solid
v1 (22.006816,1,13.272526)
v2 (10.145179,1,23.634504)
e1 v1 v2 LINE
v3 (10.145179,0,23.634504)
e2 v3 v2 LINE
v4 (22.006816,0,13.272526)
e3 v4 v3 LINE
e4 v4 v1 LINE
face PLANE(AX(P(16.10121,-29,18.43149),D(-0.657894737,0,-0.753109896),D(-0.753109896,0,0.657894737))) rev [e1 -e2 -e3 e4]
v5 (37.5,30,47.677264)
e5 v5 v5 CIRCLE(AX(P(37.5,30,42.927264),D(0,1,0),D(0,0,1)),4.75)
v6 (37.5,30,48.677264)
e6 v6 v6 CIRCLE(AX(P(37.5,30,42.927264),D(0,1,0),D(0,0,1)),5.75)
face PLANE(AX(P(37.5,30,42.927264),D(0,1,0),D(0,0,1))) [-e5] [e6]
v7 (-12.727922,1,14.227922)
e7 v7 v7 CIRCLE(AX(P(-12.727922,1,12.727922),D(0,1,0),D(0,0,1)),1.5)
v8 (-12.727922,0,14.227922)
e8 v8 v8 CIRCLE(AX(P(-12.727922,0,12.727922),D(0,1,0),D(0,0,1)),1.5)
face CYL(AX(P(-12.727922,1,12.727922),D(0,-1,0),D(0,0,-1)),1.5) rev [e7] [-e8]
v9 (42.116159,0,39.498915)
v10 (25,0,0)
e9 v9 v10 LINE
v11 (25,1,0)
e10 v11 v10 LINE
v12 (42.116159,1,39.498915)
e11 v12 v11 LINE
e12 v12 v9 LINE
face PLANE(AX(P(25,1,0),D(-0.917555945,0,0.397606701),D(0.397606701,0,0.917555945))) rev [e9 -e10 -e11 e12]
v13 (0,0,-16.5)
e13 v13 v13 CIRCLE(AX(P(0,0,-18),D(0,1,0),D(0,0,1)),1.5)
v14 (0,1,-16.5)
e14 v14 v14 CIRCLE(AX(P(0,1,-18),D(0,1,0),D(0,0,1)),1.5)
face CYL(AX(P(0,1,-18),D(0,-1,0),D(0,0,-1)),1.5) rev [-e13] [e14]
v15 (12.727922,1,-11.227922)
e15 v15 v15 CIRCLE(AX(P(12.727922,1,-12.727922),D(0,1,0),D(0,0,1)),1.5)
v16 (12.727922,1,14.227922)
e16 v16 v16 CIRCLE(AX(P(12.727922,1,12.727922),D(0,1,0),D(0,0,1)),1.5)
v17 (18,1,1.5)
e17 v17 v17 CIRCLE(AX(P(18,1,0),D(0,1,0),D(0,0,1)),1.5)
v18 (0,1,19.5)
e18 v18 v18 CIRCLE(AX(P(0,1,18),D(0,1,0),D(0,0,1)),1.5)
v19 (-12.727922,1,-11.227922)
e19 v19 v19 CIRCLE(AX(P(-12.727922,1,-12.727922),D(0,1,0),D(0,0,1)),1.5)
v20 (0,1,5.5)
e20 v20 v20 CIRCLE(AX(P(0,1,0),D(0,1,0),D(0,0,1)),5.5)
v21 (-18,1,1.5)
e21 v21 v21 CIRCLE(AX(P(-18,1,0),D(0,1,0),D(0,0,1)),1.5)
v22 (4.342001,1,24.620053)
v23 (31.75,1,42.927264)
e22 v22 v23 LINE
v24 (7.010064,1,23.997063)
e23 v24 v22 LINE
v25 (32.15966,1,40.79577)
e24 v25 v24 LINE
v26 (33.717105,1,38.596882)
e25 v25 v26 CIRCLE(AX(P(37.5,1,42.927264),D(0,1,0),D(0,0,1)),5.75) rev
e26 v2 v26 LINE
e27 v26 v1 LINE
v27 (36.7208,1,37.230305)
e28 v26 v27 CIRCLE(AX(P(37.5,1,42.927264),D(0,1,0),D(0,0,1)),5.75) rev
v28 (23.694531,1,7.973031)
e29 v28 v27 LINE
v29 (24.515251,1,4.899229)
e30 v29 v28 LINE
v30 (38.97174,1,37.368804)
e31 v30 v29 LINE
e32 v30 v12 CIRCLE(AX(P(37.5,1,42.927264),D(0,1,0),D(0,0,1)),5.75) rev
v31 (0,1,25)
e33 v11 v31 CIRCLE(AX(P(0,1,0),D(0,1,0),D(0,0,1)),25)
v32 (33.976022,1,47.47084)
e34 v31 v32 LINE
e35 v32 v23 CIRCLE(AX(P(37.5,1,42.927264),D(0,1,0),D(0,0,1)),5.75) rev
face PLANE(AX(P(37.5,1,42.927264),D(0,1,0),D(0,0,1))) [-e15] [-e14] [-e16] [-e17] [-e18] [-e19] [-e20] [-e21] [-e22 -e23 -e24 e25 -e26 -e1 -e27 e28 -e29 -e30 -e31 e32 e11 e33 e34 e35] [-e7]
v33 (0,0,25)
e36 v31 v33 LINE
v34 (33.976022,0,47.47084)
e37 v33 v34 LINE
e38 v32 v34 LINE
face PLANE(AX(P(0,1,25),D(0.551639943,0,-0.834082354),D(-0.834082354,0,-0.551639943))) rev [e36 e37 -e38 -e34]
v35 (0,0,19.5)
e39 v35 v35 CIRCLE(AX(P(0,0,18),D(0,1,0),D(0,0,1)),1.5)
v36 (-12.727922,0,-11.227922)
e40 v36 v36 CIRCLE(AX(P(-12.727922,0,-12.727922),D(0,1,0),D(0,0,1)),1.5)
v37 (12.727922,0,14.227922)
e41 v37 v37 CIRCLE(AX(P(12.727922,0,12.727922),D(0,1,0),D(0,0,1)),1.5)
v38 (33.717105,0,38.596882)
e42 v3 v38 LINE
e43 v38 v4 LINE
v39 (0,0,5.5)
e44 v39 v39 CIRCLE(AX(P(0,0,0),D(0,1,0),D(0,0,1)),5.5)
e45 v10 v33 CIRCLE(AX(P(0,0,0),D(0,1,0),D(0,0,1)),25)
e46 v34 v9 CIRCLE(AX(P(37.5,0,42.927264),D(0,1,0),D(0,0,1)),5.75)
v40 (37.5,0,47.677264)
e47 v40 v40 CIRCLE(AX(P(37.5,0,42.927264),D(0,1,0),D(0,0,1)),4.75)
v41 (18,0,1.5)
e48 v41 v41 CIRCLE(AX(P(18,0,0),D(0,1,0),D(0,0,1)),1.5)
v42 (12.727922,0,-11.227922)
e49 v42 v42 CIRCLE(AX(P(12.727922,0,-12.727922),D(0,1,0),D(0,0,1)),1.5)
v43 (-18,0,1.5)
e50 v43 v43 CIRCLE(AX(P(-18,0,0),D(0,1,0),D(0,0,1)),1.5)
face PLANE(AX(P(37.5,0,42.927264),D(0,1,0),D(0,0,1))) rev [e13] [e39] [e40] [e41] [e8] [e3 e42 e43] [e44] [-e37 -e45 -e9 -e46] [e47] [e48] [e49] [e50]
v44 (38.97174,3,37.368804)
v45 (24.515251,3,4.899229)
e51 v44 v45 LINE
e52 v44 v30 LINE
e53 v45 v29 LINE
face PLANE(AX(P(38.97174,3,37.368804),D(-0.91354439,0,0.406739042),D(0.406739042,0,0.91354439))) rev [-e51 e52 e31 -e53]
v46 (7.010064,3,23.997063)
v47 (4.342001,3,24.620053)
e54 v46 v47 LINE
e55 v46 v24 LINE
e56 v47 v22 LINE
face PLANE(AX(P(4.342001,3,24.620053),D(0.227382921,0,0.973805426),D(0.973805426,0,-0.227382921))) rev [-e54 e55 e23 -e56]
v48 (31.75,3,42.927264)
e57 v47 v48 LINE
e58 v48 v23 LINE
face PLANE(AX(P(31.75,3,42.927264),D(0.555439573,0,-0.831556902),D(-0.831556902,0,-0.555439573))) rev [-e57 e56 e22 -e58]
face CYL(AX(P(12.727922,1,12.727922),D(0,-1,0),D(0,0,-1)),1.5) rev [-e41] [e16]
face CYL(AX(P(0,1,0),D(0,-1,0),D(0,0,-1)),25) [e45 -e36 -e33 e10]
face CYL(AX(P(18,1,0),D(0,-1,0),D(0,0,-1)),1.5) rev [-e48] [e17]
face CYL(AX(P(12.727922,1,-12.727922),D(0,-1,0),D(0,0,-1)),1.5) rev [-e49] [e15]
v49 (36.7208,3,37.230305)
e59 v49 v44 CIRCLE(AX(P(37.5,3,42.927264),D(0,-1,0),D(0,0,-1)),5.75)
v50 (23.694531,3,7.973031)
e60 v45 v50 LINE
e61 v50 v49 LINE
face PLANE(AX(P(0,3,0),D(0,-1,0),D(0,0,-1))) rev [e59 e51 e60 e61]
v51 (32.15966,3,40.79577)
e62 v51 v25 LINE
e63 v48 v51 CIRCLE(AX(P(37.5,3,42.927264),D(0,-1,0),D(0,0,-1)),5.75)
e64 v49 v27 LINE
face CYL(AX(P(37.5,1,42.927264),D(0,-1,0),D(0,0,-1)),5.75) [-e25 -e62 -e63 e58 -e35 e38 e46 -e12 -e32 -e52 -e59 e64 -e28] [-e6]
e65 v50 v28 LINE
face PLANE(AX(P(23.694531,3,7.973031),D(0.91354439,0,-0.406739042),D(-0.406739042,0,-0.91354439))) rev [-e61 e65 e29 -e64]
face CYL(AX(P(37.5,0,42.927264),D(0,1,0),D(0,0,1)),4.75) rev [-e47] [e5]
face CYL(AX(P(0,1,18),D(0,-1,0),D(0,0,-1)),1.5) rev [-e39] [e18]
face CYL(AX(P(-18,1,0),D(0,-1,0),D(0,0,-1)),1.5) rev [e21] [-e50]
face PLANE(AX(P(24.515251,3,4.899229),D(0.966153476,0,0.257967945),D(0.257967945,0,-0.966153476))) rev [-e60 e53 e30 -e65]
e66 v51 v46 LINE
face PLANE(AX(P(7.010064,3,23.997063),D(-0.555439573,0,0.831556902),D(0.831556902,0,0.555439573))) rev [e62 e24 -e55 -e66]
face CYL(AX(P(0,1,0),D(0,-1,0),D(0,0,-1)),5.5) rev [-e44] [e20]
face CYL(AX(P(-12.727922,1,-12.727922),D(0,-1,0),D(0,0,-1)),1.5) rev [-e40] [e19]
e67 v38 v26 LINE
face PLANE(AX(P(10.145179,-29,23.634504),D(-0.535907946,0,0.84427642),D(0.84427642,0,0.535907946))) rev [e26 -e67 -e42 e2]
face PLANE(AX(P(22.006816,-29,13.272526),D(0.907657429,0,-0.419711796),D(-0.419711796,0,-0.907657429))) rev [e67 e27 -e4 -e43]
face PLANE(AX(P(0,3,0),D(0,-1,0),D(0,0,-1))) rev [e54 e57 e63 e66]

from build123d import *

# Parameters (mm, degrees)
SKETCH_1_R          = 5.75
EXTRUDE_1_DEPTH     = 1
SKETCH_1_R_2        = 25
SKETCH_1_R_3        = 1.5
SKETCH_1_R_4        = 5.5
EXTRUDE_1_2_DEPTH   = 1
EXTRUDE_2_DEPTH     = 1
SKETCH_3_R          = 5.75
EXTRUDE_3_DEPTH     = 30
CUT_EXTRUDE_1_DEPTH = 30
EXTRUDE_4_DEPTH     = 2
SKETCH_6_R          = 4.75
CUT_EXTRUDE_3_DEPTH = 30


with BuildPart() as part:
    # 草图1 → 凸台-拉伸1 (new body)
    with BuildSketch(Plane(origin=(0, 0, 0), x_dir=(1, 0, 0), z_dir=(0, 1, 0))):
        with Locations((37.5, -42.927264064)):
            Circle(SKETCH_1_R)
    extrude(amount=EXTRUDE_1_DEPTH)



with BuildPart() as body_2:
    # 草图1 → Extrude 1 2 (new body)
    with BuildSketch(Plane(origin=(0, 0, 0), x_dir=(1, 0, 0), z_dir=(0, 1, 0))):
        Circle(SKETCH_1_R_2)
        with Locations((0, -18)):
            Circle(SKETCH_1_R_3, mode=Mode.SUBTRACT)
        with Locations((-12.727922061, -12.727922061)):
            Circle(SKETCH_1_R_3, mode=Mode.SUBTRACT)
        with Locations((-18, 0)):
            Circle(SKETCH_1_R_3, mode=Mode.SUBTRACT)
        with Locations((-12.727922061, 12.727922061)):
            Circle(SKETCH_1_R_3, mode=Mode.SUBTRACT)
        with Locations((0, 18)):
            Circle(SKETCH_1_R_3, mode=Mode.SUBTRACT)
        with Locations((12.727922061, 12.727922061)):
            Circle(SKETCH_1_R_3, mode=Mode.SUBTRACT)
        with Locations((18, 0)):
            Circle(SKETCH_1_R_3, mode=Mode.SUBTRACT)
        with Locations((12.727922061, -12.727922061)):
            Circle(SKETCH_1_R_3, mode=Mode.SUBTRACT)
        Circle(SKETCH_1_R_4, mode=Mode.SUBTRACT)
    extrude(amount=EXTRUDE_1_2_DEPTH)


with BuildPart() as part_1:
    add(part.part)

    add(body_2.part)  # 凸台-拉伸2 merges body 2
    # 草图2 → 凸台-拉伸2 (add)
    with BuildSketch(Plane(origin=(0, 0, 0), x_dir=(1, 0, 0), z_dir=(0, 1, 0))):
        with BuildLine():
            Line((0, -25), (33.976022053, -47.470839685))
            ThreePointArc((33.976022053, -47.470839685), (37.308300147, -42.73151924), (42.116158776, -39.498914876))
            Line((42.116158776, -39.498914876), (25, 0))
            Line((25, 0), (15.739254024, -17.717074967))
            Line((15.739254024, -17.717074967), (0, -25))
        make_face()
    extrude(amount=EXTRUDE_2_DEPTH)

    # 草图3 → 凸台-拉伸3 (add)
    with BuildSketch(Plane(origin=(0, 0, 0), x_dir=(1, 0, 0), z_dir=(0, 1, 0))):
        with Locations((37.5, -42.927264064)):
            Circle(SKETCH_3_R)
    extrude(amount=EXTRUDE_3_DEPTH)

    # 草图4 → 切除-拉伸1 (cut)
    with BuildSketch(Plane(origin=(0, 1, 0), x_dir=(1, 0, 0), z_dir=(0, 1, 0))):
        Polygon((16.101209637, -18.431490076), (22.006815823, -13.272525562), (33.717105263, -38.596882163), (10.14517855, -23.634504306), align=None)
    extrude(amount=-CUT_EXTRUDE_1_DEPTH, mode=Mode.SUBTRACT)

    # 草图5 → 凸台-拉伸4 (add)
    with BuildSketch(Plane(origin=(0, 1, 0), x_dir=(1, 0, 0), z_dir=(0, 1, 0))):
        Polygon((31.75, -42.927264064), (4.342000799, -24.620053393), (7.010063543, -23.99706251), (32.159659881, -40.79576989), align=None)
        Polygon((38.971739634, -37.368803625), (24.515251473, -4.899229044), (23.694530655, -7.973030605), (36.720800315, -37.230304537), align=None)
    extrude(amount=EXTRUDE_4_DEPTH)

    # 草图6 → 切除-拉伸3 (cut)
    with BuildSketch(Plane(origin=(0, 30, 0), x_dir=(1, 0, 0), z_dir=(0, 1, 0))):
        with Locations((37.5, -42.927264064)):
            Circle(SKETCH_6_R)
    extrude(amount=-CUT_EXTRUDE_3_DEPTH, mode=Mode.SUBTRACT)


solid = part_1.part
